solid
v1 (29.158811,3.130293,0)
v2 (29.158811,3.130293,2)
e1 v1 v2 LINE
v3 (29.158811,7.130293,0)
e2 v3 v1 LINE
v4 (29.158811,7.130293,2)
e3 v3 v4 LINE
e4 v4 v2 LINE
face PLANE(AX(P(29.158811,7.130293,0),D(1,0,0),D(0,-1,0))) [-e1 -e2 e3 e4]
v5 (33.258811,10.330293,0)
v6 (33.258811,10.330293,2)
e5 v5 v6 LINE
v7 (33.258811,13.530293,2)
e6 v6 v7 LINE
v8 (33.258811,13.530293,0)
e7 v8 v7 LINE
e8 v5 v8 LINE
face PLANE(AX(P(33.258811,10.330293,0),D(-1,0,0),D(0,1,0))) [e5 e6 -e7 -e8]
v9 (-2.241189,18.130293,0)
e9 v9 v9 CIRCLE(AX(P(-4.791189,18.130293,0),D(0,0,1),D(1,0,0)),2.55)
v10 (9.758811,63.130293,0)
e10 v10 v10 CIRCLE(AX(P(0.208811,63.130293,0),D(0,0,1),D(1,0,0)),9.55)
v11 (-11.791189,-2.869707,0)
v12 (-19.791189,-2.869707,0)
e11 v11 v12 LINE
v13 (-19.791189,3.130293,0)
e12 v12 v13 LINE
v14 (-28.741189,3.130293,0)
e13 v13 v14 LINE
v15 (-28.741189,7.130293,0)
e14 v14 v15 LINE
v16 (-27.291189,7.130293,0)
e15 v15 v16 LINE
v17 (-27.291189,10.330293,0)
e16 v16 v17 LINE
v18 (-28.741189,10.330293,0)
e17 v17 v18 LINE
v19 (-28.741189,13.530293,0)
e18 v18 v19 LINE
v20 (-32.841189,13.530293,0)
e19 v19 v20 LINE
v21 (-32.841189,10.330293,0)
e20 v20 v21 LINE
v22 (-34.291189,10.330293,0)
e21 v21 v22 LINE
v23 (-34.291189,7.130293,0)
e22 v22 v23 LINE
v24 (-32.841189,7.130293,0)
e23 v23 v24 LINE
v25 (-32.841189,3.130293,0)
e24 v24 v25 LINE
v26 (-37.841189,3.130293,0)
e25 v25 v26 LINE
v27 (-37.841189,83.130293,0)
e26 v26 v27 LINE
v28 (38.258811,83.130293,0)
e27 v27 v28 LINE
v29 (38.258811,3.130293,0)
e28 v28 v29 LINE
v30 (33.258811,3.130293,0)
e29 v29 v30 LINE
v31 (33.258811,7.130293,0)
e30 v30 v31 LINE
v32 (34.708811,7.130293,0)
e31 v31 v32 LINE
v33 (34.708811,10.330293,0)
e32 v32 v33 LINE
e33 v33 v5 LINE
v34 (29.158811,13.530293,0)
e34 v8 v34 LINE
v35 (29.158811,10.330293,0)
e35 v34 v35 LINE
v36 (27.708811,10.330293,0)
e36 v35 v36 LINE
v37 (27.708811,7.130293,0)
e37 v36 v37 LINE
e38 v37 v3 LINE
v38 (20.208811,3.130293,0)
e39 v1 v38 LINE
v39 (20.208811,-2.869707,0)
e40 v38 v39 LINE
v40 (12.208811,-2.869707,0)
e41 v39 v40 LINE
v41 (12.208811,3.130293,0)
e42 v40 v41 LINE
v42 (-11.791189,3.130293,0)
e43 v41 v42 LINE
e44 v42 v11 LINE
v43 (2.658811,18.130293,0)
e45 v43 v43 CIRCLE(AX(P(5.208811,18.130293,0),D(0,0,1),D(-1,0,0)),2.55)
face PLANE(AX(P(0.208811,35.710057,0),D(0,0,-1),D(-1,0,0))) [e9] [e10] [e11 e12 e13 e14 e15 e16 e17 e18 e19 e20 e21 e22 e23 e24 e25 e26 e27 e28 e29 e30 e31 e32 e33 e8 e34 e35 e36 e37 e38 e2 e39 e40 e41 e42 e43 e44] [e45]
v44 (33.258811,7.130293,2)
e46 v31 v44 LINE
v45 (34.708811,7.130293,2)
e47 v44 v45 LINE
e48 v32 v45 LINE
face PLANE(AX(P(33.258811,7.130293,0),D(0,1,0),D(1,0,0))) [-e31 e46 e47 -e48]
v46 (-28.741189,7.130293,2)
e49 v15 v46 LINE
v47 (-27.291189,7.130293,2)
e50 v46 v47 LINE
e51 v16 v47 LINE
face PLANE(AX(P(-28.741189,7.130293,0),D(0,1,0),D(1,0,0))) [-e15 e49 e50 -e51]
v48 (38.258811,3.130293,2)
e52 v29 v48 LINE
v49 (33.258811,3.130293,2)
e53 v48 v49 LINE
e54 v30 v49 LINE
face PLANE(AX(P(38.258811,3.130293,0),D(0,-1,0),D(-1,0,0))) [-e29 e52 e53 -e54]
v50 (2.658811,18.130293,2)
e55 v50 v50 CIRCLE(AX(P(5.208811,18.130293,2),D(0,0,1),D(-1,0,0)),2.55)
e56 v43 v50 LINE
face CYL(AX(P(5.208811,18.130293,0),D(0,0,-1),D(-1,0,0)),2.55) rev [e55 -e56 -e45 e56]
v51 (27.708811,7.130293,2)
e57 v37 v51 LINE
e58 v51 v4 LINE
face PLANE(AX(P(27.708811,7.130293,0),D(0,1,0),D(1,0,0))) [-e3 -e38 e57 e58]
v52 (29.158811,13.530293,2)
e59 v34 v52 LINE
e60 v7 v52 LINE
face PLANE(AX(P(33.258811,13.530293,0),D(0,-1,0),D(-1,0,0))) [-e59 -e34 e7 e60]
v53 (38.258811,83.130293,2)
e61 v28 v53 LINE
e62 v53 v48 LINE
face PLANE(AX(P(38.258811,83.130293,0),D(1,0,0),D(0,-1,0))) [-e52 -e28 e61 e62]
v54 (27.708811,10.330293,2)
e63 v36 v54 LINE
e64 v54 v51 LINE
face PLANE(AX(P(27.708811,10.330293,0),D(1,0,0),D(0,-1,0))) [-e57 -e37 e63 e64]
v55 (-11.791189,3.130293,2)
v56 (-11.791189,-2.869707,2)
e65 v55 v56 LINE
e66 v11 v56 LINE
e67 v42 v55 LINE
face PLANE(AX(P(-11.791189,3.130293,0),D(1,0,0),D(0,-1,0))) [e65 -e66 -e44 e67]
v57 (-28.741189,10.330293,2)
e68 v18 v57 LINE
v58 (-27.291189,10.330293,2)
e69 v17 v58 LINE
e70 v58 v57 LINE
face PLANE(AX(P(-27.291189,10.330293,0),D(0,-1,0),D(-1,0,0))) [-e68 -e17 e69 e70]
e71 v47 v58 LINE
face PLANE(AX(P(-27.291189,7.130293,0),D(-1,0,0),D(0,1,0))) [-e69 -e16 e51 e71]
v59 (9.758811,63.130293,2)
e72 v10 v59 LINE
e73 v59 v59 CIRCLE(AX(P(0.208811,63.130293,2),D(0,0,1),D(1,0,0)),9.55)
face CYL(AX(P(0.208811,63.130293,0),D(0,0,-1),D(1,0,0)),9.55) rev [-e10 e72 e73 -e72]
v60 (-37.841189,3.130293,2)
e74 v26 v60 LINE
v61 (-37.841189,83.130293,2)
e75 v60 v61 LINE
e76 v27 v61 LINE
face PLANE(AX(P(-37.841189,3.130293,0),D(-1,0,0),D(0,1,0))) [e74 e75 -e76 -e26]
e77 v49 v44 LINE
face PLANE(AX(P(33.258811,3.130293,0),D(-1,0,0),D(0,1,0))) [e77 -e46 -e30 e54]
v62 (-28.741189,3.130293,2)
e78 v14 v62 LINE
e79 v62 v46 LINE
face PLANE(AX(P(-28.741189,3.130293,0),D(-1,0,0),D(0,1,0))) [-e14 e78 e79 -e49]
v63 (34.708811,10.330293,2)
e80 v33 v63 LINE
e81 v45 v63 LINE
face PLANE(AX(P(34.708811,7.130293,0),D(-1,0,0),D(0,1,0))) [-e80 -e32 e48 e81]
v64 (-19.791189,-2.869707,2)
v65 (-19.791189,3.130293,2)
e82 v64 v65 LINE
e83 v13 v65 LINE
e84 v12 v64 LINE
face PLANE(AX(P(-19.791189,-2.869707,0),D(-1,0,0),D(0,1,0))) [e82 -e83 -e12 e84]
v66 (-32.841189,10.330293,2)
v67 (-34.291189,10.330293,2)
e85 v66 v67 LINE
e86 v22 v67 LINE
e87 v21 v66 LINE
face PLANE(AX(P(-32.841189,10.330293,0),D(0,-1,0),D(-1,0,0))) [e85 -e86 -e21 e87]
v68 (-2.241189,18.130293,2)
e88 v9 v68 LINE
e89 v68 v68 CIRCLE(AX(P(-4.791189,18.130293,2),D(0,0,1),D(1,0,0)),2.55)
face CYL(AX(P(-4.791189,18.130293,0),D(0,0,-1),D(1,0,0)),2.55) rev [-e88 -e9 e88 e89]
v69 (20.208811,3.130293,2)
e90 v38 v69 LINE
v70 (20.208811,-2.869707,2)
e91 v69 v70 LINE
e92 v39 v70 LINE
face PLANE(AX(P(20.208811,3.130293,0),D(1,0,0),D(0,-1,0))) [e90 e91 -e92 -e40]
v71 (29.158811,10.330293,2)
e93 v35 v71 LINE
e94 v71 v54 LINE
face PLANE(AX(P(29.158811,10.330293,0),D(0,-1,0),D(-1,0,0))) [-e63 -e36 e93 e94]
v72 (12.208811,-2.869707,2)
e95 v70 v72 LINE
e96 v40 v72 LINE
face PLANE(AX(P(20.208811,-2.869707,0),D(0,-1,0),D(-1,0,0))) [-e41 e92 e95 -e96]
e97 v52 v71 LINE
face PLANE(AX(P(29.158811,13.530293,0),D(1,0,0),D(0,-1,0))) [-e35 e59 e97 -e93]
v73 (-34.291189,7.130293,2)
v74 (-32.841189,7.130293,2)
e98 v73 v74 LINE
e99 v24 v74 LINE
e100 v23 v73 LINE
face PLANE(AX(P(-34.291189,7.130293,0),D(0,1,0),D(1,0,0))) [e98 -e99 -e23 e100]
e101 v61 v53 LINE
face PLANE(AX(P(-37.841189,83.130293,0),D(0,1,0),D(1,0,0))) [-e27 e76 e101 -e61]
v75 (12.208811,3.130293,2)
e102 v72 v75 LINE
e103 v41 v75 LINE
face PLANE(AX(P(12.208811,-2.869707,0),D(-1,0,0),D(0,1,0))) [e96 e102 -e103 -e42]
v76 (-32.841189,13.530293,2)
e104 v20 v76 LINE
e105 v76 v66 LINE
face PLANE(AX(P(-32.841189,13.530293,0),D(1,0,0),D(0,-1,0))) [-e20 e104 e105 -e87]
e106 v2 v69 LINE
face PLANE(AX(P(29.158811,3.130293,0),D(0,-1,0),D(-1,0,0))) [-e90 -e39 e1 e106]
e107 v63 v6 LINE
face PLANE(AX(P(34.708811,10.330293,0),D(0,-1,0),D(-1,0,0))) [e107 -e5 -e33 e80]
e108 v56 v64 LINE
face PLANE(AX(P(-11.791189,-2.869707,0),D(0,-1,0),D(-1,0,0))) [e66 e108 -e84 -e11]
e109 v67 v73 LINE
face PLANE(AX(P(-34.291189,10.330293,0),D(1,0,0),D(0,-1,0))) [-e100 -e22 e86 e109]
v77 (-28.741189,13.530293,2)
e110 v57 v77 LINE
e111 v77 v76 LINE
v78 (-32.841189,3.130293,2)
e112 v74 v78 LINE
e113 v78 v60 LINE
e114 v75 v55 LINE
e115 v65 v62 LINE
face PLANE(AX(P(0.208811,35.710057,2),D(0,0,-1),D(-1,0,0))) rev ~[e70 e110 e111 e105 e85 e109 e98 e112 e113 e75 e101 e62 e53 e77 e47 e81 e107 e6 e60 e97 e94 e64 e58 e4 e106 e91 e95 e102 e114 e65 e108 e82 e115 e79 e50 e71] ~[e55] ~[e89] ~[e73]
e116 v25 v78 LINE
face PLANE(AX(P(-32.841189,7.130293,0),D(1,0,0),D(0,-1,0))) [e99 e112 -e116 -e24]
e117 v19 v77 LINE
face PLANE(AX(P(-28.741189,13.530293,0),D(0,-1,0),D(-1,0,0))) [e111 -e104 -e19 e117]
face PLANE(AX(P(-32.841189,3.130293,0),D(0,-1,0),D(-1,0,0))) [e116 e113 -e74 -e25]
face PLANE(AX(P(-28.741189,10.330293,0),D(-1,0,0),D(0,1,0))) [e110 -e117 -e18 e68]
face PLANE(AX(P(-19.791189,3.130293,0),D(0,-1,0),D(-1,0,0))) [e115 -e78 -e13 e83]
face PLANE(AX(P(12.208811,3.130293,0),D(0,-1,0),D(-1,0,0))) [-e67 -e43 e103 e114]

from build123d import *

# Parameters (mm, degrees)
SKETCH_1_R      = 9.55
SKETCH_1_R_2    = 2.55
EXTRUDE_1_DEPTH = 2


with BuildPart() as part:
    # 草图1 → 凸台-拉伸1 (new body)
    with BuildSketch(Plane.XY):
        Polygon((-28.741188564, 3.13029316), (-28.741188564, 7.13029316), (-27.291188564, 7.13029316), (-27.291188564, 10.33029316), (-28.741188564, 10.33029316), (-28.741188564, 13.53029316), (-32.841188564, 13.53029316), (-32.841188564, 10.33029316), (-34.291188564, 10.33029316), (-34.291188564, 7.13029316), (-32.841188564, 7.13029316), (-32.841188564, 3.13029316), (-37.841188564, 3.13029316), (-37.841188564, 83.13029316), (38.258811436, 83.13029316), (38.258811436, 3.13029316), (33.258811436, 3.13029316), (33.258811436, 7.13029316), (34.708811436, 7.13029316), (34.708811436, 10.33029316), (33.258811436, 10.33029316), (33.258811436, 13.53029316), (29.158811436, 13.53029316), (29.158811436, 10.33029316), (27.708811436, 10.33029316), (27.708811436, 7.13029316), (29.158811436, 7.13029316), (29.158811436, 3.13029316), (20.208811436, 3.13029316), (20.208811436, -2.86970684), (12.208811436, -2.86970684), (12.208811436, 3.13029316), (-11.791188564, 3.13029316), (-11.791188564, -2.86970684), (-19.791188564, -2.86970684), (-19.791188564, 3.13029316), align=None)
        with Locations((0.208811436, 63.13029316)):
            Circle(SKETCH_1_R, mode=Mode.SUBTRACT)
        with Locations((-4.791188564, 18.13029316)):
            Circle(SKETCH_1_R_2, mode=Mode.SUBTRACT)
        with Locations(Location((5.208811436, 18.13029316, 0), (0, 0, 180))):
            Circle(SKETCH_1_R_2, mode=Mode.SUBTRACT)
    extrude(amount=EXTRUDE_1_DEPTH)


solid = part.part
